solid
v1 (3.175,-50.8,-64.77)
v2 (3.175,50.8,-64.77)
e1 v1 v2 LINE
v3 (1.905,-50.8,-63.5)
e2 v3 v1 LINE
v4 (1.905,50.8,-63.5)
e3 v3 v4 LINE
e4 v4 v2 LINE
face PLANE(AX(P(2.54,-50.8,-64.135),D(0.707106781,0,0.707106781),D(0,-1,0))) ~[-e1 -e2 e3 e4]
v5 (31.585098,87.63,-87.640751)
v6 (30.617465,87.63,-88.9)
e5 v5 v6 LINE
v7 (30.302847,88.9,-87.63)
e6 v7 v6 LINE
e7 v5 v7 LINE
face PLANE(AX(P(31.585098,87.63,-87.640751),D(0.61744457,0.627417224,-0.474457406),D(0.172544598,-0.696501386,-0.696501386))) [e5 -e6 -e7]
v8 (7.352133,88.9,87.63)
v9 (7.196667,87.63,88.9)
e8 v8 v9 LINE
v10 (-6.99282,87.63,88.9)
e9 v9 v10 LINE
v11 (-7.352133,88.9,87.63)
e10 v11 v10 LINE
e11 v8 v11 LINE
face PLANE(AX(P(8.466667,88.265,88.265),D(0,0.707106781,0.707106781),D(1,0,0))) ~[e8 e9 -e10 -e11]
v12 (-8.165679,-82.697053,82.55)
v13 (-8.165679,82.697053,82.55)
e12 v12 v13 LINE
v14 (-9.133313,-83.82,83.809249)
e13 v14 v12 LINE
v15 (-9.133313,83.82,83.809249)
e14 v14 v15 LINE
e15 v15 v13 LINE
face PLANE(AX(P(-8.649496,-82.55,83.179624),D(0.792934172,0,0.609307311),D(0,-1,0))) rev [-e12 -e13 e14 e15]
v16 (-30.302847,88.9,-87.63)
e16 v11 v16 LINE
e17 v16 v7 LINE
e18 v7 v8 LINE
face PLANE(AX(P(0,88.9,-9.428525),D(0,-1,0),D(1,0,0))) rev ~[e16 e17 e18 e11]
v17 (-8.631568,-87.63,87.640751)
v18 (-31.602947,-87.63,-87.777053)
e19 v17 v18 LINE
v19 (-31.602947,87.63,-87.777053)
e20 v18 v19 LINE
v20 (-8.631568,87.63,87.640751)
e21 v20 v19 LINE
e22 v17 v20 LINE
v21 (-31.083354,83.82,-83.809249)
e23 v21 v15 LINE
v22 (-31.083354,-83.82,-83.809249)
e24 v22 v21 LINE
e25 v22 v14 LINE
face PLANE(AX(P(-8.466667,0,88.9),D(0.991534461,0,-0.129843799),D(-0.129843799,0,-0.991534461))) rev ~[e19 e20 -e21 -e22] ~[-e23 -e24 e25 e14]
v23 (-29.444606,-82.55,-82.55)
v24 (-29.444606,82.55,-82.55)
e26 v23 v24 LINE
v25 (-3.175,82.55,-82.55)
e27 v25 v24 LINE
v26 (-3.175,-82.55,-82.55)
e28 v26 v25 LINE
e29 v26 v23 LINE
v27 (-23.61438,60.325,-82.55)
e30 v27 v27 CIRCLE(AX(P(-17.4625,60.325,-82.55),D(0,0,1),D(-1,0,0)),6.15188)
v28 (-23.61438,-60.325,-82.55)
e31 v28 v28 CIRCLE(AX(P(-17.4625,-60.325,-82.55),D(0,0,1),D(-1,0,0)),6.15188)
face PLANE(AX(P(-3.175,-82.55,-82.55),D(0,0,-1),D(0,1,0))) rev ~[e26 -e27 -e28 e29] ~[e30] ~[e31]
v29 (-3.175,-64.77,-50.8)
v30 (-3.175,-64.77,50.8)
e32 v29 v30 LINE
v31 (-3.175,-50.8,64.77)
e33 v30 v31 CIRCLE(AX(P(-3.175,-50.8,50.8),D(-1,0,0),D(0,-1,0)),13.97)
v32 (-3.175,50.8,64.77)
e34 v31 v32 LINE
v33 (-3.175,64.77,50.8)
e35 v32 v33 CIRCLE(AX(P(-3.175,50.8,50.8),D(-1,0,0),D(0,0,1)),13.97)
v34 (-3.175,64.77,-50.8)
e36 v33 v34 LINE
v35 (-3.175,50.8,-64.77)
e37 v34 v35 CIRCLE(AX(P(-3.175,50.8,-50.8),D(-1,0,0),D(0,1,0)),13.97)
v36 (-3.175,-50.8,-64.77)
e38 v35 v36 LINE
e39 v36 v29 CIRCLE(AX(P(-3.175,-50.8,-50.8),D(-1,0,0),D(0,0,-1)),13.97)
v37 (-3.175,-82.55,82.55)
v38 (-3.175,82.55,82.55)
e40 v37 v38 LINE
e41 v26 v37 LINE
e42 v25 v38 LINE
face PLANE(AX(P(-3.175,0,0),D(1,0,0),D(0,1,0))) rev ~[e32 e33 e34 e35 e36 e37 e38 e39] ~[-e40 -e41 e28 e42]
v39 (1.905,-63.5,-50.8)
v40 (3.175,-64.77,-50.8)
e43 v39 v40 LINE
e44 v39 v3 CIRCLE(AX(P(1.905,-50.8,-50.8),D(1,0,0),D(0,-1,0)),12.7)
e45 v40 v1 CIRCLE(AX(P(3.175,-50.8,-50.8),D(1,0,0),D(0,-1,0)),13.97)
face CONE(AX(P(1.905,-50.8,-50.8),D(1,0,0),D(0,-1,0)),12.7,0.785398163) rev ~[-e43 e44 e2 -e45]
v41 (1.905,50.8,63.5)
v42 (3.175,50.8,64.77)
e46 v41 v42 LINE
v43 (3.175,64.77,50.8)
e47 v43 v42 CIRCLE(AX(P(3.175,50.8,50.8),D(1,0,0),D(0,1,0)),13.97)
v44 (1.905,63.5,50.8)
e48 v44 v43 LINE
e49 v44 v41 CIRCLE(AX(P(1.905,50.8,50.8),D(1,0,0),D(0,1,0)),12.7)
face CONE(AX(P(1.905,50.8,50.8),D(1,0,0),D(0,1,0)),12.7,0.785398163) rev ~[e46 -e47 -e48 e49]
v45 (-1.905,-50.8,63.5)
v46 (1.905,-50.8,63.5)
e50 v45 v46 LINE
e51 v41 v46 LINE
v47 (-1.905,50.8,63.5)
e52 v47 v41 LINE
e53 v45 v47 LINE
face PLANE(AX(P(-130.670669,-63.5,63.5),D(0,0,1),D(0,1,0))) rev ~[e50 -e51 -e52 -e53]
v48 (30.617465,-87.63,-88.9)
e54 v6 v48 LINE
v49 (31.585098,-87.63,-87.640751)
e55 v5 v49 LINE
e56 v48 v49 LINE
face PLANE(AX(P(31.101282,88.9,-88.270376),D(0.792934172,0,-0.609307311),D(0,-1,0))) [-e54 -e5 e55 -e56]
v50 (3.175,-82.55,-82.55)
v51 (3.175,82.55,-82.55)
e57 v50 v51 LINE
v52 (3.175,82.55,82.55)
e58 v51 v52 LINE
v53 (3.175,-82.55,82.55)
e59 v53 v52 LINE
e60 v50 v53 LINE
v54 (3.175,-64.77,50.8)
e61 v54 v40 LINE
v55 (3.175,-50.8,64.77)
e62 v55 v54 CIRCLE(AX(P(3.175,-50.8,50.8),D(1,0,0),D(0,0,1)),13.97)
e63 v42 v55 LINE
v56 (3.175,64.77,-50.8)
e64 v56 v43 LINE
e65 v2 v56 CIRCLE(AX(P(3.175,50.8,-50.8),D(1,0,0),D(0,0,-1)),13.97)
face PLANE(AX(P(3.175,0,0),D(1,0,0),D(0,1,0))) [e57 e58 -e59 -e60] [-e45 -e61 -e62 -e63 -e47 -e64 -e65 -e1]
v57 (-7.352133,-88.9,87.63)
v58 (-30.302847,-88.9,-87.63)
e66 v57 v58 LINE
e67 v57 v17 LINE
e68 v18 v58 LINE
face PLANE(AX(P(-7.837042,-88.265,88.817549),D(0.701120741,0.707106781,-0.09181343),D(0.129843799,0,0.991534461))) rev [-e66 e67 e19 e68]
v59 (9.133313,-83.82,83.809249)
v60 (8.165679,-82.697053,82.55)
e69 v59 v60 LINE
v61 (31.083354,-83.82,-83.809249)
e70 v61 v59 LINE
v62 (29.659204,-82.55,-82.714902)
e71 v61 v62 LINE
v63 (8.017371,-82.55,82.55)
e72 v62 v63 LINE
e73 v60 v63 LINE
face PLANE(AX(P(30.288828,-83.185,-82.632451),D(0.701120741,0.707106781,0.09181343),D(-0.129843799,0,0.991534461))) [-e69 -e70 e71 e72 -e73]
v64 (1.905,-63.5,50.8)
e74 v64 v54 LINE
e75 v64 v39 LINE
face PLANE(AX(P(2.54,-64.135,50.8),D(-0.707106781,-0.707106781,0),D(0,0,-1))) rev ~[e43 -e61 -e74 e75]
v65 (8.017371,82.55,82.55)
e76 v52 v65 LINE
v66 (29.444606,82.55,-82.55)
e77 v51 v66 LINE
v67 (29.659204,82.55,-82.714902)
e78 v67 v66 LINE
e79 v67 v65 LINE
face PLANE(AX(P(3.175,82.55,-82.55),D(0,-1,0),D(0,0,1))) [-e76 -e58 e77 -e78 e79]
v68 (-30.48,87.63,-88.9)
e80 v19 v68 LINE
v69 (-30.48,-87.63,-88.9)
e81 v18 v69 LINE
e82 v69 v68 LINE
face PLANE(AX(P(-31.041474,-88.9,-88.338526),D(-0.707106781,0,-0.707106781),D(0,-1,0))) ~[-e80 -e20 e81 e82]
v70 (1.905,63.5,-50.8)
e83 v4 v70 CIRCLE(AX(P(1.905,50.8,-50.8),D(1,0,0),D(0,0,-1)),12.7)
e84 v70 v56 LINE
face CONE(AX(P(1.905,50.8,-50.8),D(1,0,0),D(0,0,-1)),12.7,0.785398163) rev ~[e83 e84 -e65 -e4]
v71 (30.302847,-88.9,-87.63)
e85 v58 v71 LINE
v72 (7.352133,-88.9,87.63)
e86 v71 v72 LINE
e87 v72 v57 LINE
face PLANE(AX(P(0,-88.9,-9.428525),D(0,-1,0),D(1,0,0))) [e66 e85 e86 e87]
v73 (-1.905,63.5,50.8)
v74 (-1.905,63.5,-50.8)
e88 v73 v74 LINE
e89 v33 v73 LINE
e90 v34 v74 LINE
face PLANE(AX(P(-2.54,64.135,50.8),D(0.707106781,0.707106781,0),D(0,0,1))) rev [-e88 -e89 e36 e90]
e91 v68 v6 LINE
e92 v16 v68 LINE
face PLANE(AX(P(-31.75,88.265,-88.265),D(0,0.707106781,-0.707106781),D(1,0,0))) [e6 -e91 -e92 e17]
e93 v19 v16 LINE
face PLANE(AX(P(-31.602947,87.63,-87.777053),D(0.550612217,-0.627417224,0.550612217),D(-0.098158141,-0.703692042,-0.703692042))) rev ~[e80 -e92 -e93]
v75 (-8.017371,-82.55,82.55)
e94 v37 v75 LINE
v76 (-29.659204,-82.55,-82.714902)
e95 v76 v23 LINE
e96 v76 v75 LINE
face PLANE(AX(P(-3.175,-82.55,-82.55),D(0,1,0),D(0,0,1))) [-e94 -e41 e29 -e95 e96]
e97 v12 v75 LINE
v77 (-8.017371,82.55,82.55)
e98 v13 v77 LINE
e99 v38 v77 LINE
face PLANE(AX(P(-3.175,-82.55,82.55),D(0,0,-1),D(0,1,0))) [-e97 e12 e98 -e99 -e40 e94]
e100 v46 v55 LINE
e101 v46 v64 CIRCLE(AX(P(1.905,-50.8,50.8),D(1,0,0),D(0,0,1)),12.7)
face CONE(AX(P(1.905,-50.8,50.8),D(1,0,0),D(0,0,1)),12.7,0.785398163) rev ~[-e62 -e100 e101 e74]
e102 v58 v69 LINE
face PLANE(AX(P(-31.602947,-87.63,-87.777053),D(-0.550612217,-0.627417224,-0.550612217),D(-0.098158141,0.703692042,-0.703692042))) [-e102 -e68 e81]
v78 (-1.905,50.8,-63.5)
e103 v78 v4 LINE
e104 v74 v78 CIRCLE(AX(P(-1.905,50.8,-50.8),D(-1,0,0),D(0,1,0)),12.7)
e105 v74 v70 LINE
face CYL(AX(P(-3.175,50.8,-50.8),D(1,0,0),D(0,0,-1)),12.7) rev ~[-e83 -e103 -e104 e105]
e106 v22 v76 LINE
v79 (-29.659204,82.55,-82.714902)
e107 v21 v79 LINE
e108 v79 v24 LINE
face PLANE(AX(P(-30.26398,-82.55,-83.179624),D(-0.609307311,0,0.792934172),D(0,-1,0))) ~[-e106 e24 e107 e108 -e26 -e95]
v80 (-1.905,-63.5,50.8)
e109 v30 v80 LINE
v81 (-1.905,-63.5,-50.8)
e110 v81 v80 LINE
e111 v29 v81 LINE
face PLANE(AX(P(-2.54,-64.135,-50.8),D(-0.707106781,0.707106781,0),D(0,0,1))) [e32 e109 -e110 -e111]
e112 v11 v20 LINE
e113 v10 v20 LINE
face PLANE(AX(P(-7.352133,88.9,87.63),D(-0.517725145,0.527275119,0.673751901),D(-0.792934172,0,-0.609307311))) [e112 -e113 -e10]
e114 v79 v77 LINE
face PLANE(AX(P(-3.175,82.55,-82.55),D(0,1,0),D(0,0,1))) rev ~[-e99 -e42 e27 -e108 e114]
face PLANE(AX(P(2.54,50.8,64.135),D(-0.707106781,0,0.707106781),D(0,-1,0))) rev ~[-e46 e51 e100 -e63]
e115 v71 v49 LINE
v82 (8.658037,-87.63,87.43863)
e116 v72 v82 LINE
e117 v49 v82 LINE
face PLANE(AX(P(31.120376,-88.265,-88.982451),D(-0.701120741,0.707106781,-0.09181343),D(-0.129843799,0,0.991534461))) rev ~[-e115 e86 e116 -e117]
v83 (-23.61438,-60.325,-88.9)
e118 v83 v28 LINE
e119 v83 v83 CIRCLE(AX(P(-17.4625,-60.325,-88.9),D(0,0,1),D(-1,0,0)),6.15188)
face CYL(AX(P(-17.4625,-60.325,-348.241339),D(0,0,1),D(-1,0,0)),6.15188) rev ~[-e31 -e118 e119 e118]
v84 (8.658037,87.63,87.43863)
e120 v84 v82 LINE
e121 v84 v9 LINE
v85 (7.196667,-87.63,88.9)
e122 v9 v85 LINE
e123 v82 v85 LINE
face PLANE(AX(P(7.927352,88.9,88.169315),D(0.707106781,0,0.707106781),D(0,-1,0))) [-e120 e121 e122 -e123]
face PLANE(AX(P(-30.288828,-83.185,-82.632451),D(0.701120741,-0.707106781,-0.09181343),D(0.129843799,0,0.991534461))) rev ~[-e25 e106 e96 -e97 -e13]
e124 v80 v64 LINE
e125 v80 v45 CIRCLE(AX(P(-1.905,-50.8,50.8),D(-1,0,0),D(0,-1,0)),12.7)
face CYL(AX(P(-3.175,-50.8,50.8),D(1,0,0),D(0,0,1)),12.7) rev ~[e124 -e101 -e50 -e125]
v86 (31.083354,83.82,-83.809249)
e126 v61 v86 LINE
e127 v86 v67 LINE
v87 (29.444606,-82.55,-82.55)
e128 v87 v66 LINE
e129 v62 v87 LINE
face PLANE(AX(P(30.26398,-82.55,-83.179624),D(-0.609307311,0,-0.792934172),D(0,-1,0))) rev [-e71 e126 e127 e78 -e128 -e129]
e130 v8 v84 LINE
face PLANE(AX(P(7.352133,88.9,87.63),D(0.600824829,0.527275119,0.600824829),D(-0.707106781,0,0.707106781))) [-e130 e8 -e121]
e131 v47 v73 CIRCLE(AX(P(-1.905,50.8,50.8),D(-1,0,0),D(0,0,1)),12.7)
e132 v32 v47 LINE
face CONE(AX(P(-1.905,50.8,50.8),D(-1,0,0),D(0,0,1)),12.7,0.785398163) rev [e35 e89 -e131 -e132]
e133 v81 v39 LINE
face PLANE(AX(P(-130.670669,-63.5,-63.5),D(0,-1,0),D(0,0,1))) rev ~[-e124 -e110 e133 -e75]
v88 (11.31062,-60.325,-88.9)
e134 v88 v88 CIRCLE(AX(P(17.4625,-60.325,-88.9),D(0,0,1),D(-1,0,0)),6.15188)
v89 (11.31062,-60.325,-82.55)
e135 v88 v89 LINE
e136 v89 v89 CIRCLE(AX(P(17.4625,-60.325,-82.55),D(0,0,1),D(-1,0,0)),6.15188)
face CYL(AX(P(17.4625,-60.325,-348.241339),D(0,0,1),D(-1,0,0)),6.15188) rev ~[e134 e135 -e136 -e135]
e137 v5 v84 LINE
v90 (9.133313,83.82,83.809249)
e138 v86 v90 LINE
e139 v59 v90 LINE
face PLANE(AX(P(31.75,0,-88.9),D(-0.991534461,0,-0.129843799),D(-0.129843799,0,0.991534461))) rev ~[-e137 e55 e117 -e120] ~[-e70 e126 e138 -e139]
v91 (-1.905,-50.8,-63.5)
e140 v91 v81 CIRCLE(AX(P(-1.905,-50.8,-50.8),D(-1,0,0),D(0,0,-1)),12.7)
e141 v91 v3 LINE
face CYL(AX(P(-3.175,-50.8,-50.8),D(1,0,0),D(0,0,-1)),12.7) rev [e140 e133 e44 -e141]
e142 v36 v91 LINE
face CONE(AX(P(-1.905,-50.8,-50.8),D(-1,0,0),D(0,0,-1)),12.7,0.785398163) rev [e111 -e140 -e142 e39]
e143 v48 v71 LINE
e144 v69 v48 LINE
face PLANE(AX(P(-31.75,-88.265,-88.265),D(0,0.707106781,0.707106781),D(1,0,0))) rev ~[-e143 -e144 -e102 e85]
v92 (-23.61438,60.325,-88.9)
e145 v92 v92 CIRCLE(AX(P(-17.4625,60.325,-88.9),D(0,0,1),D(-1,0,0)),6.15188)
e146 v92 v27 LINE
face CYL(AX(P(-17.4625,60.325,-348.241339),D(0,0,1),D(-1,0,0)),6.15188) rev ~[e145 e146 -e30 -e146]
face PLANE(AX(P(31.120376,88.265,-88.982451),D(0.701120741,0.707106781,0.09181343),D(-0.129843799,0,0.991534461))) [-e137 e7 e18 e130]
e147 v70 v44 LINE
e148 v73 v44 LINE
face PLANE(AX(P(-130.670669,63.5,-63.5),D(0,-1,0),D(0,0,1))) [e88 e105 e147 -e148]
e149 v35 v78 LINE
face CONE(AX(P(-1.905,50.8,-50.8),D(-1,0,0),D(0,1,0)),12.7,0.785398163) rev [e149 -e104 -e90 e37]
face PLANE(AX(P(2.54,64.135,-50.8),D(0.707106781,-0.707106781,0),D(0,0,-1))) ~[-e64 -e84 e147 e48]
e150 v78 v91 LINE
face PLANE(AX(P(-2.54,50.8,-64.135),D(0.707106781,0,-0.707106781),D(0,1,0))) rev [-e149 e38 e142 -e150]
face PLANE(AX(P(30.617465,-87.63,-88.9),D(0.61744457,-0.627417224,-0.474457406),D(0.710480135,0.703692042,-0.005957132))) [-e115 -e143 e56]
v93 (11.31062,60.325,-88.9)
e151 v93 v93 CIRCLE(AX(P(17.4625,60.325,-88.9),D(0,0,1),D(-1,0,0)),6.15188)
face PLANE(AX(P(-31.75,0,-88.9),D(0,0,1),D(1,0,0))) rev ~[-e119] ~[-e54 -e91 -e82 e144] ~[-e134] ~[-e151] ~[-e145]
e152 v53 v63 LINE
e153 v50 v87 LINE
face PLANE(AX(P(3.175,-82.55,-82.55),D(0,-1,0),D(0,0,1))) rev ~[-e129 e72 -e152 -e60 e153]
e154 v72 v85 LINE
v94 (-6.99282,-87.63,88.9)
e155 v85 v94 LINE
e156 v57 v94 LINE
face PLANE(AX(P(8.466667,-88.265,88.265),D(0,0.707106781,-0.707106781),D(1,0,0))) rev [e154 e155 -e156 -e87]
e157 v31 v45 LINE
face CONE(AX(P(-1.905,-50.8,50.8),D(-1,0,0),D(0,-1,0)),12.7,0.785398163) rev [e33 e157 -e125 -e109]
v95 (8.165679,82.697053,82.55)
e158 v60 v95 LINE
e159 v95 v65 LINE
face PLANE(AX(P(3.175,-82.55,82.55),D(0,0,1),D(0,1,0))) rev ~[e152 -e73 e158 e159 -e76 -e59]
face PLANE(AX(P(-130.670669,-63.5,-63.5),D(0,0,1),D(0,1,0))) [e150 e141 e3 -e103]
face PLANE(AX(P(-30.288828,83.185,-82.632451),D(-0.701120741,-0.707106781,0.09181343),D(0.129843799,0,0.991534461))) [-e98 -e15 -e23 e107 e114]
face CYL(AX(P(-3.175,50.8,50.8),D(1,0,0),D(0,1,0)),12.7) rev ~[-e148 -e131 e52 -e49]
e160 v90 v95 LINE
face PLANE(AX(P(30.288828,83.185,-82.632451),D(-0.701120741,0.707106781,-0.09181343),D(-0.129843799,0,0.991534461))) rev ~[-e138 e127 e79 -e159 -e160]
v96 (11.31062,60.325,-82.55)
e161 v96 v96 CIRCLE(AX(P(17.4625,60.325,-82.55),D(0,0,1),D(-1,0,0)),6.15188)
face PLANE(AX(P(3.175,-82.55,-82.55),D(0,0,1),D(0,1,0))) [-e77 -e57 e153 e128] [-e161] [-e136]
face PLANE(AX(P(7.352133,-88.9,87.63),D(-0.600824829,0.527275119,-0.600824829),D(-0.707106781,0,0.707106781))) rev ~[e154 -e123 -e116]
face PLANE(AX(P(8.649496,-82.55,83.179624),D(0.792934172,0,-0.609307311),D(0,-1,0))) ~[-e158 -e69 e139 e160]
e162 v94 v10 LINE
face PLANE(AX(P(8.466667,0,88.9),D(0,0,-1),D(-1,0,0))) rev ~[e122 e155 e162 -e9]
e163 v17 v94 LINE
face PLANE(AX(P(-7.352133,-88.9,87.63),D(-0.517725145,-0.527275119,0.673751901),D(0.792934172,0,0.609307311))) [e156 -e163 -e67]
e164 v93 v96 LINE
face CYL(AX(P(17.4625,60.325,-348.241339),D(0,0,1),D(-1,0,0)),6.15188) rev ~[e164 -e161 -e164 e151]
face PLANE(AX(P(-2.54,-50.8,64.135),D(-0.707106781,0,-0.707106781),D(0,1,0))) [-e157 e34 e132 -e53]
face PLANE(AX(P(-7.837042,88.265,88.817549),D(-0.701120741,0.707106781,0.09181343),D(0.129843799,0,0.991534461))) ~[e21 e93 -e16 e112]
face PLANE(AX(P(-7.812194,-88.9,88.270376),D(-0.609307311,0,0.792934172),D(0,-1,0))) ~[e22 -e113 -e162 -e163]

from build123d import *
from OCP.BRepFilletAPI import BRepFilletAPI_MakeChamfer

# Parameters (mm, degrees)
BOSS_EXTRUDE1_DEPTH      = 88.9
CUT_EXTRUDE2_DEPTH       = 130.67066939
CUT_EXTRUDE2_DEPTH_BACK  = 130.67066939
SKETCH12_W               = 127
SKETCH12_H               = 127
CUT_EXTRUDE3_START       = -3.175
SKETCH11_W               = 165.1
SKETCH11_H               = 165.1
CUT_EXTRUDE3_DEPTH       = 127.49566939
CUT_EXTRUDE4_START       = 3.175
SKETCH11_2_W             = 165.1
SKETCH11_2_H             = 165.1
CUT_EXTRUDE4_DEPTH       = 127.49566939
FILLET3_R                = 12.7
F_9_16_12_TAPPED_HOLE1_D = 12.30376
CHAMFER2_SIZE            = 1.27
CHAMFER2_SIZE2           = 1.132534886
CHAMFER2_SIZE2_2         = 1.47384677


with BuildPart() as part:
    # Sketch1 → Boss-Extrude1 (new, symmetric)
    with BuildSketch(Plane(origin=(0, 0, 0), x_dir=(-1, 0, 0), z_dir=(0, 1, 0))):
        Polygon((31.75, -88.9), (-31.75, -88.9), (-8.466666667, 88.9), (8.466666667, 88.9), align=None)
    extrude(amount=BOSS_EXTRUDE1_DEPTH, both=True)

    # Sketch12 → Cut-Extrude2 (cut, two sides: drawn at the far end of the back side and taken through both)
    with BuildSketch(Plane.YZ.offset(-CUT_EXTRUDE2_DEPTH_BACK)):
        Rectangle(SKETCH12_W, SKETCH12_H)
    extrude(amount=CUT_EXTRUDE2_DEPTH + CUT_EXTRUDE2_DEPTH_BACK, mode=Mode.SUBTRACT)

    # Sketch11 → Cut-Extrude3 (cut, through all)
    with BuildSketch(Plane.YZ.offset(CUT_EXTRUDE3_START)):
        Rectangle(SKETCH11_W, SKETCH11_H)
    extrude(amount=-CUT_EXTRUDE3_DEPTH, mode=Mode.SUBTRACT)

    # Sketch11<2> → Cut-Extrude4 (cut, through all)
    with BuildSketch(Plane.YZ.offset(CUT_EXTRUDE4_START)):
        Rectangle(SKETCH11_2_W, SKETCH11_2_H)
    extrude(amount=CUT_EXTRUDE4_DEPTH, mode=Mode.SUBTRACT)

    # Fillet3
    fillet3_edges = [part.edges().sort_by_distance(p)[0] for p in [
        (0, -63.5, 63.5),
        (0, 63.5, 63.5),
        (0, -63.5, -63.5),
        (0, 63.5, -63.5),
    ]]
    fillet(fillet3_edges, radius=FILLET3_R)

    # 9/16-12 Tapped Hole1 (through all)
    with Locations(Plane(origin=(0, 0, -88.9), x_dir=(1, 0, 0), z_dir=(0, 0, -1))):
        with Locations((-17.4625, 60.325), (17.4625, 60.325), (17.4625, -60.325), (-17.4625, -60.325)):
            Hole(F_9_16_12_TAPPED_HOLE1_D / 2)

    # Chamfer2: one chamfer whose edges measure the first distance from different faces: ONE call of the kernel's chamfer builder (chamfer() names one face for all edges)
    chamfer2_edges_1 = [part.edges().sort_by_distance(p)[0] for p in [
        (-3.175, -63.5, 0),
        (3.175, 0, -63.5),
        (-3.175, 0, -63.5),
        (3.175, 59.780256121, 59.780256121),
        (-3.175, 59.780256121, 59.780256121),
        (3.175, -59.780256121, 59.780256121),
        (-3.175, -59.780256121, 59.780256121),
        (3.175, -59.780256121, -59.780256121),
        (-3.175, -59.780256121, -59.780256121),
        (3.175, 59.780256121, -59.780256121),
        (-3.175, 59.780256121, -59.780256121),
        (0, 88.9, -88.9),
        (20.108333333, 88.9, 0),
        (-20.108333333, -82.55, 0),
        (-20.108333333, 82.55, 0),
        (0, 88.9, 88.9),
        (20.108333333, -88.9, 0),
        (0, -88.9, -88.9),
        (-20.108333333, -88.9, 0),
        (0, -88.9, 88.9),
        (20.108333333, -82.55, 0),
        (20.108333333, 82.55, 0),
        (-20.108333333, 88.9, 0),
        (3.175, 0, 63.5),
        (-3.175, 0, 63.5),
        (3.175, 63.5, 0),
        (-3.175, 63.5, 0),
        (3.175, -63.5, 0),
    ]]
    chamfer2_edges_2 = [part.edges().sort_by_distance(p)[0] for p in [
        (-9.298214286, 0, 82.55),
    ]]
    chamfer2_side_2 = [part.faces().sort_by_distance(p)[0] for p in [
        (-8.794551937, 0, 86.396148844),
    ]]
    chamfer2_edges_3 = [part.edges().sort_by_distance(p)[0] for p in [
        (-30.918452381, 0, -82.55),
        (-8.466666667, 0, 88.9),
    ]]
    chamfer2_side_3 = [part.faces().sort_by_distance(p)[0] for p in [
        (-8.794551937, 0, 86.396148844),
    ]]
    chamfer2_edges_4 = [part.edges().sort_by_distance(p)[0] for p in [
        (30.918452381, 0, -82.55),
    ]]
    chamfer2_side_4 = [part.faces().sort_by_distance(p)[0] for p in [
        (20.108333333, -86.374771424, 0),
    ]]
    chamfer2_edges_5 = [part.edges().sort_by_distance(p)[0] for p in [
        (9.298214286, 0, 82.55),
        (31.75, 0, -88.9),
    ]]
    chamfer2_side_5 = [part.faces().sort_by_distance(p)[0] for p in [
        (20.108333333, -86.374771424, 0),
    ]]
    chamfer2_edges_6 = [part.edges().sort_by_distance(p)[0] for p in [
        (8.466666667, 0, 88.9),
    ]]
    chamfer2_side_6 = [part.faces().sort_by_distance(p)[0] for p in [
        (0, 0, 88.9),
    ]]
    chamfer2_edges_7 = [part.edges().sort_by_distance(p)[0] for p in [
        (-31.75, 0, -88.9),
    ]]
    chamfer2_side_7 = [part.faces().sort_by_distance(p)[0] for p in [
        (0, 0, -88.9),
    ]]
    chamfer2 = BRepFilletAPI_MakeChamfer(part.part.solid().wrapped)
    for e in chamfer2_edges_1:
        chamfer2.Add(CHAMFER2_SIZE, e.wrapped)
    for e in chamfer2_edges_2:
        chamfer2.Add(CHAMFER2_SIZE, CHAMFER2_SIZE2, e.wrapped, chamfer2_side_2[0].wrapped)  # the first distance lies on this face
    for e in chamfer2_edges_3:
        chamfer2.Add(CHAMFER2_SIZE, CHAMFER2_SIZE2_2, e.wrapped, chamfer2_side_3[0].wrapped)  # the first distance lies on this face
    for e in chamfer2_edges_4:
        chamfer2.Add(CHAMFER2_SIZE, CHAMFER2_SIZE2_2, e.wrapped, chamfer2_side_4[0].wrapped)  # the first distance lies on this face
    for e in chamfer2_edges_5:
        chamfer2.Add(CHAMFER2_SIZE, CHAMFER2_SIZE2, e.wrapped, chamfer2_side_5[0].wrapped)  # the first distance lies on this face
    for e in chamfer2_edges_6:
        chamfer2.Add(CHAMFER2_SIZE, CHAMFER2_SIZE2_2, e.wrapped, chamfer2_side_6[0].wrapped)  # the first distance lies on this face
    for e in chamfer2_edges_7:
        chamfer2.Add(CHAMFER2_SIZE, CHAMFER2_SIZE2, e.wrapped, chamfer2_side_7[0].wrapped)  # the first distance lies on this face
    add(Compound.cast(chamfer2.Shape()), mode=Mode.REPLACE)


solid = part.part
